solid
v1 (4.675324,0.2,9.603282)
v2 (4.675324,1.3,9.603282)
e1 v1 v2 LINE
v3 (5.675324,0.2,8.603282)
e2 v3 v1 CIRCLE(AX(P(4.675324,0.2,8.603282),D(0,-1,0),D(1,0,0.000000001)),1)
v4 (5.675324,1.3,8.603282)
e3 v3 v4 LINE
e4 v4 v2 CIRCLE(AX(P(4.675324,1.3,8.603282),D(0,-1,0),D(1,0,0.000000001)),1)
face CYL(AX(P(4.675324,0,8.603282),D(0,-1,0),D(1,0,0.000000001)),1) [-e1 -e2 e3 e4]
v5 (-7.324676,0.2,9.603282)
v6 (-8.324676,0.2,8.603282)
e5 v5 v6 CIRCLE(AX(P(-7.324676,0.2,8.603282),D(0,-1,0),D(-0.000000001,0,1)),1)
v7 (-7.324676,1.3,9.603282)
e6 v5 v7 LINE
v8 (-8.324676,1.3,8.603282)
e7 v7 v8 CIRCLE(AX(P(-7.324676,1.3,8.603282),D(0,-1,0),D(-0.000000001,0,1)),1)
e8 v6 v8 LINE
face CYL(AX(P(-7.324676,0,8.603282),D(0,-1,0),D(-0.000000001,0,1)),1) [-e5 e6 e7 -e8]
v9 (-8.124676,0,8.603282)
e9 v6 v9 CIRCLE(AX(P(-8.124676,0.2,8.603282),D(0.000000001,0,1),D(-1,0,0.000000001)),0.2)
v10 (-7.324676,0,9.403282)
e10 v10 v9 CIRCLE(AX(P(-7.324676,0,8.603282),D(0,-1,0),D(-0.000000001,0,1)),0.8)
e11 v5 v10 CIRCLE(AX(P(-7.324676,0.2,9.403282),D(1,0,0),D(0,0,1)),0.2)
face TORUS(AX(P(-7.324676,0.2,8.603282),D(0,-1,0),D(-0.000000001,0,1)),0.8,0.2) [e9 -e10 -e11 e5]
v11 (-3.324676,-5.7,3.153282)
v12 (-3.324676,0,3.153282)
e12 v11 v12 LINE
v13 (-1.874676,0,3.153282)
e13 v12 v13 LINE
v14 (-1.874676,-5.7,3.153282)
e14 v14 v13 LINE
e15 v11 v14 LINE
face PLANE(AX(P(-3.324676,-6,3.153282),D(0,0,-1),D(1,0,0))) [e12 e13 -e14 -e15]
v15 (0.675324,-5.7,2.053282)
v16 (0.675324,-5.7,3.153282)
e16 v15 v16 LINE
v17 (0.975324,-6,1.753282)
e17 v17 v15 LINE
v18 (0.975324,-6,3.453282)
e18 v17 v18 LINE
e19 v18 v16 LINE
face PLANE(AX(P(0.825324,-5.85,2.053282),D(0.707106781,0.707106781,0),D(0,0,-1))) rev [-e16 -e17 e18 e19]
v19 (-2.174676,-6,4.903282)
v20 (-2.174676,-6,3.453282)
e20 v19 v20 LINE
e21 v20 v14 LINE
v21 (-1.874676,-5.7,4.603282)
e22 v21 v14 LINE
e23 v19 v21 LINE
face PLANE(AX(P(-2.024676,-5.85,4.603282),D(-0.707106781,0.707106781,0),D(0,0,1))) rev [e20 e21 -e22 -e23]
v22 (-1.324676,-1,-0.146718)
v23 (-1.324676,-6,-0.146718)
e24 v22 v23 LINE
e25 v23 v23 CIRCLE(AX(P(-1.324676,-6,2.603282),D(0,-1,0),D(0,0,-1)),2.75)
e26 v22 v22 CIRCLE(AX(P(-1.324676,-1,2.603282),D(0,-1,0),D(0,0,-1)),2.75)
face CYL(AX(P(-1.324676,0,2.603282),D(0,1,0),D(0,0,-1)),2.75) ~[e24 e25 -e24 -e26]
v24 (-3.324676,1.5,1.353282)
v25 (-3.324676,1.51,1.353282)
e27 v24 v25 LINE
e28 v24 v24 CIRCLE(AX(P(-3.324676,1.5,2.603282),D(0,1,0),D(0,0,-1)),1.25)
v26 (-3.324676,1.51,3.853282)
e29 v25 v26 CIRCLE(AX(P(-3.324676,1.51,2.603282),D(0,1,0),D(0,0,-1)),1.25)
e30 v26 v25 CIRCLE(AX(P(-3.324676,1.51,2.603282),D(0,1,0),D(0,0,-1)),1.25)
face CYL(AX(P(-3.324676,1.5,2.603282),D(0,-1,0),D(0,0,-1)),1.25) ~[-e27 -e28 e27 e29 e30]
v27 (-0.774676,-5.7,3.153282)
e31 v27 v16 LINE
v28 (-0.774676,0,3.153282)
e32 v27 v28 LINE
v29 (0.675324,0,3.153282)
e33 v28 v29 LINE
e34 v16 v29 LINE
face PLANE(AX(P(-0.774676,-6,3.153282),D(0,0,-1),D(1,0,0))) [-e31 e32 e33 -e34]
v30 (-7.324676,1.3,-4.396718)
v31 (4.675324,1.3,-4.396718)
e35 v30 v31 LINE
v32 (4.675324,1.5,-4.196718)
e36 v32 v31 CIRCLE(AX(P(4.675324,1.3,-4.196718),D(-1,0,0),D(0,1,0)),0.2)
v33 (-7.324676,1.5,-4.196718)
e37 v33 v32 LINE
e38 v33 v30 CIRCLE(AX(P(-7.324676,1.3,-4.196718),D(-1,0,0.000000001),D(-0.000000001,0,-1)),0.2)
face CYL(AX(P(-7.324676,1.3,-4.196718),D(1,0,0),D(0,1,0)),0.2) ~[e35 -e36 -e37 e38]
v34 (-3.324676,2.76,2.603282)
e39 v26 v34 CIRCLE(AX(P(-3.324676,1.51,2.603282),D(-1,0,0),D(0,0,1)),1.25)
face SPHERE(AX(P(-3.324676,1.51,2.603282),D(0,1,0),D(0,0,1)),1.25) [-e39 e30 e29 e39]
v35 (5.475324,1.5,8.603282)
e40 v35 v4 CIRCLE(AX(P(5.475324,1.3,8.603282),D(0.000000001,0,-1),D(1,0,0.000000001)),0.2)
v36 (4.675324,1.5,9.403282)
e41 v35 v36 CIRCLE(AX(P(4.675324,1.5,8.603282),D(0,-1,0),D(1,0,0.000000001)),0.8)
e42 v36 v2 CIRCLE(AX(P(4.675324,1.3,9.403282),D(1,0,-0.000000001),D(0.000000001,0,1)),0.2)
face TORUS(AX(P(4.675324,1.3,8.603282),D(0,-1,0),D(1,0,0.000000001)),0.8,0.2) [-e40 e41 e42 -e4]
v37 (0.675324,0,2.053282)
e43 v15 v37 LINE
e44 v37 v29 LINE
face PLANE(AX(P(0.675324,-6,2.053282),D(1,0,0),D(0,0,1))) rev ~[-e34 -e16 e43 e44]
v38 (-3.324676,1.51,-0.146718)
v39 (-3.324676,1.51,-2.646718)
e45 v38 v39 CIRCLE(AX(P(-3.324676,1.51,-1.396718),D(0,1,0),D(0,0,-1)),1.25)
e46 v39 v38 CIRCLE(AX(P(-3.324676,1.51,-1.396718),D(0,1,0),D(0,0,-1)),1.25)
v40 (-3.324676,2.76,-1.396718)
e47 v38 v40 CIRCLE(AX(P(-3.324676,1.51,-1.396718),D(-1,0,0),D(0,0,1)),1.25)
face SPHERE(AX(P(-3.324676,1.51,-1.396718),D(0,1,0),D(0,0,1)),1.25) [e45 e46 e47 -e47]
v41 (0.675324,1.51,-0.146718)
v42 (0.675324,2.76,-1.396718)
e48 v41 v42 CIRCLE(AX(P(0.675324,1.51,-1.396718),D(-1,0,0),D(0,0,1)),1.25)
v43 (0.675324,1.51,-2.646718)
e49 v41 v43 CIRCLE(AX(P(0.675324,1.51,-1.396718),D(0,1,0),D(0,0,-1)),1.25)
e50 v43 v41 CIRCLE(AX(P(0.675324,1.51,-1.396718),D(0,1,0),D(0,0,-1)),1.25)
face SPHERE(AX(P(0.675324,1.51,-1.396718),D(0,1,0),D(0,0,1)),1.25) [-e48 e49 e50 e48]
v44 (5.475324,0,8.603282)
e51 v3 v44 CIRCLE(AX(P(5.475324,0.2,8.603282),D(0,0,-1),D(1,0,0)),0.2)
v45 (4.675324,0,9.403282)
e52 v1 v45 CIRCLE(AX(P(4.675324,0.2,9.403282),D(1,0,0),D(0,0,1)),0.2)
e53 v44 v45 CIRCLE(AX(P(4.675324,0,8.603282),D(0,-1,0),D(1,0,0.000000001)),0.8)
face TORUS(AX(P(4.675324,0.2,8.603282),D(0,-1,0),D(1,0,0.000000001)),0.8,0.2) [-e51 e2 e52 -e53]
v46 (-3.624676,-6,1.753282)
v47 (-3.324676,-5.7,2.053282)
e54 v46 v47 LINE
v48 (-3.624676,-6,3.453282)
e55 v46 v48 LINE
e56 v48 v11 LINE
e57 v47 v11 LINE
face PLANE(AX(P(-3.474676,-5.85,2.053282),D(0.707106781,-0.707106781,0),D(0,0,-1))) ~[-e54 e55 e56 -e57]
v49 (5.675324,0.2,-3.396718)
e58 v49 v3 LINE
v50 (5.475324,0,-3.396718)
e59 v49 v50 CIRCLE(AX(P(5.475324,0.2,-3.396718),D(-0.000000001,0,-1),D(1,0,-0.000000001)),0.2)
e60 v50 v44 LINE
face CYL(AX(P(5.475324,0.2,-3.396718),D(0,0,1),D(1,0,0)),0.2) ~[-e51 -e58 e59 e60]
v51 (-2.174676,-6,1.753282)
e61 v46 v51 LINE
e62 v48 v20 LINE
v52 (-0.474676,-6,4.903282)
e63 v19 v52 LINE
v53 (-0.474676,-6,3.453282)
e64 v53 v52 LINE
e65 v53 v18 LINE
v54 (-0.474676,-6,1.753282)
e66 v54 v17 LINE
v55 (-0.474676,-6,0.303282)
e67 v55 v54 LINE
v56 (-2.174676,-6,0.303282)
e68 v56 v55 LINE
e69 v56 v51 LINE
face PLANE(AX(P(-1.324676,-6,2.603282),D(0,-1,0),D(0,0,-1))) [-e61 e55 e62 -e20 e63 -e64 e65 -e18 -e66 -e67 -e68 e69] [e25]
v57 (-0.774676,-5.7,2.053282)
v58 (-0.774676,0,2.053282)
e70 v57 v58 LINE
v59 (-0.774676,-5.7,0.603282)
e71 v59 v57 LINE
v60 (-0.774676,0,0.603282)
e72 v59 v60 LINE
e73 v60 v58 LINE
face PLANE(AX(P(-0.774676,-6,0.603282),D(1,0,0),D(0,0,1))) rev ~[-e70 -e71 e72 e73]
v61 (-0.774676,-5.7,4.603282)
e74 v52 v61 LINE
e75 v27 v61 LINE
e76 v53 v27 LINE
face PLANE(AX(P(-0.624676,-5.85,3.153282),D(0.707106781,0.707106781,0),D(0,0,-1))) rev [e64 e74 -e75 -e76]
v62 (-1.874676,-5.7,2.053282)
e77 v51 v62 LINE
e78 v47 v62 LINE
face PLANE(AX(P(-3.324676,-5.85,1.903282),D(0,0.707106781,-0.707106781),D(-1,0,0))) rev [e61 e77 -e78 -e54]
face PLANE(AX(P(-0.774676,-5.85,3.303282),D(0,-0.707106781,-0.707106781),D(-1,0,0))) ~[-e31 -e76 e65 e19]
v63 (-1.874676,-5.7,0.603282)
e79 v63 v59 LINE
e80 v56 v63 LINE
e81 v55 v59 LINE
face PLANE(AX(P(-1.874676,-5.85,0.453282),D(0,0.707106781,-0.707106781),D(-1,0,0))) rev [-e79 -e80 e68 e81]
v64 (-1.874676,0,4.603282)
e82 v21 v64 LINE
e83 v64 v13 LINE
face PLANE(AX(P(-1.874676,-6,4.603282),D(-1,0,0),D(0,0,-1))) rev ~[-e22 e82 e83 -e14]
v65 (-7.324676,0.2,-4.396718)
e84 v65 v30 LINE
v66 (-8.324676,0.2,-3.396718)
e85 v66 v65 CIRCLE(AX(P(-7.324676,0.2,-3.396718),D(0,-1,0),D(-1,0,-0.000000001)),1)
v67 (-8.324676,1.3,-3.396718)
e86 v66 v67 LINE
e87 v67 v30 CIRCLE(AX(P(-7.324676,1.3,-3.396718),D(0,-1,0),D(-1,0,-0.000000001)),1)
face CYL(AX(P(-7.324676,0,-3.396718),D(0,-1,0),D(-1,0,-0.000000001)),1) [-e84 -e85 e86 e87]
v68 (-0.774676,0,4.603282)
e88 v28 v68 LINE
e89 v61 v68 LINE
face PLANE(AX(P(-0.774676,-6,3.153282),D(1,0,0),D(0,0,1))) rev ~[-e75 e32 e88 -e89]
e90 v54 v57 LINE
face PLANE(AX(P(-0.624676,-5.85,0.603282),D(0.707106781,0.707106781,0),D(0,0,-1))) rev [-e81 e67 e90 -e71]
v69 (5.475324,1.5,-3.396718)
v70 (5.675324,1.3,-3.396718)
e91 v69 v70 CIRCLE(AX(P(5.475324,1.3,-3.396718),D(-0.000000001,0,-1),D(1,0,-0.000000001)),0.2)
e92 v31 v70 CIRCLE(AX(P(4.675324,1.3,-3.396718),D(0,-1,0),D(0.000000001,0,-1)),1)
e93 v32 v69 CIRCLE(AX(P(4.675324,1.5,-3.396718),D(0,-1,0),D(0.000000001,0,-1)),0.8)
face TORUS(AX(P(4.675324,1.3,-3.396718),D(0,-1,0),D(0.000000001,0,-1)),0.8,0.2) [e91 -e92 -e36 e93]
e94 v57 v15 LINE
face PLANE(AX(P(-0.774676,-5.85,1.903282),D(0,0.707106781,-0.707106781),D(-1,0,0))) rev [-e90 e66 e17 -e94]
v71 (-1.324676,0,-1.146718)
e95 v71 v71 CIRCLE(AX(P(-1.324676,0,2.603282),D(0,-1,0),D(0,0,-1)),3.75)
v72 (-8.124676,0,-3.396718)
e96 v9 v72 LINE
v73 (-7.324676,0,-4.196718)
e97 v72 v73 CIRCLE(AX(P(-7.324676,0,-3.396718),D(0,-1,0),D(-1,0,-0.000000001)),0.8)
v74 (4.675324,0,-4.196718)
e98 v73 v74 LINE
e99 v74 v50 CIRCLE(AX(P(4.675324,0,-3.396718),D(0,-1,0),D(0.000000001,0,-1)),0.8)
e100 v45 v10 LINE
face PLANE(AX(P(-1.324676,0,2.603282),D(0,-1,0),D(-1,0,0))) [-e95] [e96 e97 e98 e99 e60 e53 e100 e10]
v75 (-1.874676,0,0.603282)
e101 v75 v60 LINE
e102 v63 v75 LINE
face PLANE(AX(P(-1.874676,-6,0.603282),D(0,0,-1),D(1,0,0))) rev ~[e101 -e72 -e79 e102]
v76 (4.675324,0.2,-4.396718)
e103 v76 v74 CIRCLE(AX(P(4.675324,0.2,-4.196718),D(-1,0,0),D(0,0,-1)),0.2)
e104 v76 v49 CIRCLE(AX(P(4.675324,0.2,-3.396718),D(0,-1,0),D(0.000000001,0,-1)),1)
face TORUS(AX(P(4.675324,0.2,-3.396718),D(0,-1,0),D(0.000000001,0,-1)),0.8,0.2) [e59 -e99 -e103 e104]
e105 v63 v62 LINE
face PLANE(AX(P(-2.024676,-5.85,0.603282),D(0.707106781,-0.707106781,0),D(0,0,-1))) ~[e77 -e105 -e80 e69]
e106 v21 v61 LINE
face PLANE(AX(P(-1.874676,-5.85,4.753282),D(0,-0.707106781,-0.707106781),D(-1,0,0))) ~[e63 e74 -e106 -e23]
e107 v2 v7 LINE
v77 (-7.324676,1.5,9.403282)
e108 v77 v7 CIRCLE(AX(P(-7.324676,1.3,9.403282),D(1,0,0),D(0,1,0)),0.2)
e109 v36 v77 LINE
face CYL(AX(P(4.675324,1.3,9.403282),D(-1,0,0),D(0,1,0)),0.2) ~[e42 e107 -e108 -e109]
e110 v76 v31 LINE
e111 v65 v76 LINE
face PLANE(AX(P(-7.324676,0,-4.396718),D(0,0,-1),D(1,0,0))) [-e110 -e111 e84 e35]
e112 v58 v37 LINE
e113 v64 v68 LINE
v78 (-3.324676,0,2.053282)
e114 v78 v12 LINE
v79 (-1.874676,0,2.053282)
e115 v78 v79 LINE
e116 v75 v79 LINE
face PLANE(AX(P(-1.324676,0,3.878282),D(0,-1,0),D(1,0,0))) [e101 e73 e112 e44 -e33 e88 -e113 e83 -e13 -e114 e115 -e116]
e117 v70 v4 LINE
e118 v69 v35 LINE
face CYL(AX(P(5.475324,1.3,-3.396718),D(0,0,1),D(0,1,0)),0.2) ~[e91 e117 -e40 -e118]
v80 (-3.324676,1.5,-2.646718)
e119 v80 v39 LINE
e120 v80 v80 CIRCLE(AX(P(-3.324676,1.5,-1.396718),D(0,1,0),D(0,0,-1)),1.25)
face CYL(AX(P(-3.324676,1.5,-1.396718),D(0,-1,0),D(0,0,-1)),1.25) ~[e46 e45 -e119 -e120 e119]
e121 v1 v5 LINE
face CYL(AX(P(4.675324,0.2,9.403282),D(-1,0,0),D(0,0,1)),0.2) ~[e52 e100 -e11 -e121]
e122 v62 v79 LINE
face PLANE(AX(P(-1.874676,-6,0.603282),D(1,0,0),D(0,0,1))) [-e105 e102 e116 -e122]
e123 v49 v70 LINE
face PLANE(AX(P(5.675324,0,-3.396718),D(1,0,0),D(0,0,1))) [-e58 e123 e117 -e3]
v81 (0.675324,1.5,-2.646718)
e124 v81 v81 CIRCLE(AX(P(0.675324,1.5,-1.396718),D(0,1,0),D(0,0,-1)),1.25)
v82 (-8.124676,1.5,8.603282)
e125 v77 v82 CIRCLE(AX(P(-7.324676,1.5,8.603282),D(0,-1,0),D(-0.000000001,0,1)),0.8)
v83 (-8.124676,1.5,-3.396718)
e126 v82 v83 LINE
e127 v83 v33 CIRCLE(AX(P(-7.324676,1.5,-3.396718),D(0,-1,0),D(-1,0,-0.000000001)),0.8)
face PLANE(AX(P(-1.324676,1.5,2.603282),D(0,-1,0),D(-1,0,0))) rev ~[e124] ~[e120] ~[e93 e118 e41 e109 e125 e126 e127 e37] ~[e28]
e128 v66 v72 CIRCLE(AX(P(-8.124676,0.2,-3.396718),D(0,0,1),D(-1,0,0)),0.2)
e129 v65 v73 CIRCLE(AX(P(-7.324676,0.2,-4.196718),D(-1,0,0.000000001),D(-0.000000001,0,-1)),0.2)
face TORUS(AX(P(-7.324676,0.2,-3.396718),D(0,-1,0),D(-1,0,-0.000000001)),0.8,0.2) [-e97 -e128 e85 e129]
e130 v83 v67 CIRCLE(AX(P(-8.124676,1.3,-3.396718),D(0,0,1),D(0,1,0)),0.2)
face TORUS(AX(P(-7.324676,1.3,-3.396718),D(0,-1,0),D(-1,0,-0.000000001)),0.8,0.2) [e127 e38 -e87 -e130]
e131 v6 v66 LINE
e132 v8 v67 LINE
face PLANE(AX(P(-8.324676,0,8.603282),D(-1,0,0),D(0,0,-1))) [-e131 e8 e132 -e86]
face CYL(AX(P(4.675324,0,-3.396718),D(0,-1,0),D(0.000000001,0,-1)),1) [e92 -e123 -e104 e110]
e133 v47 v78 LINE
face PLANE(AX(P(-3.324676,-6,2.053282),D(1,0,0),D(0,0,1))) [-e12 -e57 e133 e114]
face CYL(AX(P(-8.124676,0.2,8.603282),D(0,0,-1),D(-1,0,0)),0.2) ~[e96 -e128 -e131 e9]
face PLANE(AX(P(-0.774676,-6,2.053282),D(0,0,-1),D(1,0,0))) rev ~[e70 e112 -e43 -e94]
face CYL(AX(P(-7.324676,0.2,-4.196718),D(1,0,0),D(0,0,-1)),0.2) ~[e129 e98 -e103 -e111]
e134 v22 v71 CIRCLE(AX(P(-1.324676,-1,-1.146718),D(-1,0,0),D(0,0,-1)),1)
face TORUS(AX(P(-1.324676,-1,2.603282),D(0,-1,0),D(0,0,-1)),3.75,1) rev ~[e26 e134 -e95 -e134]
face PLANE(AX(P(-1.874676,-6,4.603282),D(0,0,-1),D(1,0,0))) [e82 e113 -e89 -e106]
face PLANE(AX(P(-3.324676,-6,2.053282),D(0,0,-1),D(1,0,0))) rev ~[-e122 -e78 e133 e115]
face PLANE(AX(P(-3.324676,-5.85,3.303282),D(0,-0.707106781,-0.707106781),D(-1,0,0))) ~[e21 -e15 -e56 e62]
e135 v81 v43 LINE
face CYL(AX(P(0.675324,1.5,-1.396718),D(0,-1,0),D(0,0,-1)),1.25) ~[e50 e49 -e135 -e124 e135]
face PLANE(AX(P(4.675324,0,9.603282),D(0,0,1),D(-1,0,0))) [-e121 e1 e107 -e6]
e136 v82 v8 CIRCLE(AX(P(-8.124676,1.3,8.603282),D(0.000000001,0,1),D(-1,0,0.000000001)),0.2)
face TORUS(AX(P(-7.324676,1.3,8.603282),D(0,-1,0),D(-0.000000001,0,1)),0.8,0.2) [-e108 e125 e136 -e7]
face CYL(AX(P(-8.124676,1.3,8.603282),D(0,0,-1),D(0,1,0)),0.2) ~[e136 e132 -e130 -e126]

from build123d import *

# Parameters (mm, degrees)
BOSS_EXTRUDE1_DEPTH = 1.5
SKETCH2_R           = 2.75
BOSS_EXTRUDE2_DEPTH = 6
SKETCH3_W           = 1.1
SKETCH3_H           = 1.45
SKETCH3_W_2         = 1.45
SKETCH3_H_2         = 1.1
CUT_EXTRUDE1_DEPTH  = 6
CHAMFER1_SIZE       = 0.3
FILLET1_R           = 1
SKETCH4_R           = 1.25
BOSS_EXTRUDE3_DEPTH = 0.01
DOME1_FACE_RADIUS   = 1.25
DOME1_HEIGHT        = 1.25
DOME2_FACE_RADIUS   = 1.25
DOME2_HEIGHT        = 1.25
DOME3_FACE_RADIUS   = 1.25
DOME3_HEIGHT        = 1.25
FILLET3_R           = 0.2


with BuildPart() as part:
    # Sketch1 → Boss-Extrude1 (new body)
    with BuildSketch(Plane(origin=(0, 0, 0), x_dir=(1, 0, 0), z_dir=(0, 1, 0))):
        with BuildLine():
            Line((-7.324675649, 4.396717546), (4.675324351, 4.396717546))
            ThreePointArc((4.675324351, 4.396717546), (5.382431132, 4.103824327), (5.675324351, 3.396717546))
            Line((5.675324351, 3.396717546), (5.675324351, -8.603282454))
            ThreePointArc((5.675324351, -8.603282454), (5.382431132, -9.310389235), (4.675324351, -9.603282454))
            Line((4.675324351, -9.603282454), (-7.324675649, -9.603282454))
            ThreePointArc((-7.324675649, -9.603282454), (-8.03178243, -9.310389235), (-8.324675649, -8.603282454))
            Line((-8.324675649, -8.603282454), (-8.324675649, 3.396717546))
            ThreePointArc((-8.324675649, 3.396717546), (-8.03178243, 4.103824327), (-7.324675649, 4.396717546))
        make_face()
    extrude(amount=BOSS_EXTRUDE1_DEPTH)

    # Sketch2 → Boss-Extrude2 (add)
    with BuildSketch(Plane.XZ):
        with Locations(Location((-1.324675649, 2.603282454, 0), (0, 0, 270))):
            Circle(SKETCH2_R)
    extrude(amount=BOSS_EXTRUDE2_DEPTH)

    # Sketch3 → Cut-Extrude1 (cut)
    with BuildSketch(Plane.XZ.offset(6)):
        with Locations((-1.324675649, 3.878282454)):
            Rectangle(SKETCH3_W, SKETCH3_H)
        with Locations((-0.049675649, 2.603282454)):
            Rectangle(SKETCH3_W_2, SKETCH3_H_2)
        with Locations((-1.324675649, 2.603282454)):
            Rectangle(SKETCH3_W, SKETCH3_H_2)
        with Locations((-2.599675649, 2.603282454)):
            Rectangle(SKETCH3_W_2, SKETCH3_H_2)
        with Locations((-1.324675649, 1.328282454)):
            Rectangle(SKETCH3_W, SKETCH3_H)
    extrude(amount=-CUT_EXTRUDE1_DEPTH, mode=Mode.SUBTRACT)

    # Chamfer1
    chamfer1_edges = [part.edges().sort_by_distance(p)[0] for p in [
        (-0.774675649, -6, 3.878282454),
        (-0.049675649, -6, 3.153282454),
        (0.675324351, -6, 2.603282454),
        (-0.774675649, -6, 1.328282454),
        (-2.599675649, -6, 3.153282454),
        (-1.324675649, -6, 4.603282454),
        (-1.874675649, -6, 3.878282454),
        (-3.324675649, -6, 2.603282454),
        (-2.599675649, -6, 2.053282454),
        (-1.874675649, -6, 1.328282454),
        (-1.324675649, -6, 0.603282454),
        (-0.049675649, -6, 2.053282454),
    ]]
    chamfer(chamfer1_edges, length=CHAMFER1_SIZE)

    # Fillet1
    fillet1_edges = [part.edges().sort_by_distance(p)[0] for p in [
        (-1.324675649, 0, 5.353282454),
    ]]
    fillet(fillet1_edges, radius=FILLET1_R)

    # Sketch4 → Boss-Extrude3 (add)
    with BuildSketch(Plane(origin=(0, 1.5, 0), x_dir=(1, 0, 0), z_dir=(0, 1, 0))):
        with Locations(Location((-3.324675649, 1.396717546, 0), (0, 0, 90))):
            Circle(SKETCH4_R)
        with Locations(Location((-3.324675649, -2.603282454, 0), (0, 0, 90))):
            Circle(SKETCH4_R)
        with Locations(Location((0.675324351, 1.396717546, 0), (0, 0, 90))):
            Circle(SKETCH4_R)
    extrude(amount=BOSS_EXTRUDE3_DEPTH)

    # Dome1: a dome of height H over a round flat face of radius A is a cap of a sphere of radius (A * A + H * H) / (2 * H)
    dome1_r = (DOME1_FACE_RADIUS * DOME1_FACE_RADIUS + DOME1_HEIGHT * DOME1_HEIGHT) / (2 * DOME1_HEIGHT)
    dome1_base = Plane((-3.324675649, 1.51, -1.396717546), z_dir=(0, 1, 0))
    with Locations(dome1_base.offset(DOME1_HEIGHT - dome1_r)):
        dome1_ball = Sphere(dome1_r, mode=Mode.PRIVATE)
    add(split(dome1_ball, bisect_by=dome1_base, keep=Keep.TOP, mode=Mode.PRIVATE))

    # Dome2: a dome of height H over a round flat face of radius A is a cap of a sphere of radius (A * A + H * H) / (2 * H)
    dome2_r = (DOME2_FACE_RADIUS * DOME2_FACE_RADIUS + DOME2_HEIGHT * DOME2_HEIGHT) / (2 * DOME2_HEIGHT)
    dome2_base = Plane((0.675324351, 1.51, -1.396717546), z_dir=(0, 1, 0))
    with Locations(dome2_base.offset(DOME2_HEIGHT - dome2_r)):
        dome2_ball = Sphere(dome2_r, mode=Mode.PRIVATE)
    add(split(dome2_ball, bisect_by=dome2_base, keep=Keep.TOP, mode=Mode.PRIVATE))

    # Dome3: a dome of height H over a round flat face of radius A is a cap of a sphere of radius (A * A + H * H) / (2 * H)
    dome3_r = (DOME3_FACE_RADIUS * DOME3_FACE_RADIUS + DOME3_HEIGHT * DOME3_HEIGHT) / (2 * DOME3_HEIGHT)
    dome3_base = Plane((-3.324675649, 1.51, 2.603282454), z_dir=(0, 1, 0))
    with Locations(dome3_base.offset(DOME3_HEIGHT - dome3_r)):
        dome3_ball = Sphere(dome3_r, mode=Mode.PRIVATE)
    add(split(dome3_ball, bisect_by=dome3_base, keep=Keep.TOP, mode=Mode.PRIVATE))

    # Fillet3
    fillet3_edges = [part.edges().sort_by_distance(p)[0] for p in [
        (5.382431132, 1.5, 9.310389235),
        (-1.324675649, 0, 9.603282454),
        (-8.03178243, 0, 9.310389235),
        (5.675324351, 1.5, 2.603282454),
        (5.382431132, 1.5, -4.103824327),
        (-1.324675649, 1.5, -4.396717546),
        (-8.03178243, 1.5, -4.103824327),
        (-8.324675649, 1.5, 2.603282454),
        (-8.03178243, 1.5, 9.310389235),
        (-1.324675649, 1.5, 9.603282454),
        (-8.324675649, 0, 2.603282454),
        (-8.03178243, 0, -4.103824327),
        (-1.324675649, 0, -4.396717546),
        (5.382431132, 0, -4.103824327),
        (5.675324351, 0, 2.603282454),
        (5.382431132, 0, 9.310389235),
    ]]
    fillet(fillet3_edges, radius=FILLET3_R)


solid = part.part
